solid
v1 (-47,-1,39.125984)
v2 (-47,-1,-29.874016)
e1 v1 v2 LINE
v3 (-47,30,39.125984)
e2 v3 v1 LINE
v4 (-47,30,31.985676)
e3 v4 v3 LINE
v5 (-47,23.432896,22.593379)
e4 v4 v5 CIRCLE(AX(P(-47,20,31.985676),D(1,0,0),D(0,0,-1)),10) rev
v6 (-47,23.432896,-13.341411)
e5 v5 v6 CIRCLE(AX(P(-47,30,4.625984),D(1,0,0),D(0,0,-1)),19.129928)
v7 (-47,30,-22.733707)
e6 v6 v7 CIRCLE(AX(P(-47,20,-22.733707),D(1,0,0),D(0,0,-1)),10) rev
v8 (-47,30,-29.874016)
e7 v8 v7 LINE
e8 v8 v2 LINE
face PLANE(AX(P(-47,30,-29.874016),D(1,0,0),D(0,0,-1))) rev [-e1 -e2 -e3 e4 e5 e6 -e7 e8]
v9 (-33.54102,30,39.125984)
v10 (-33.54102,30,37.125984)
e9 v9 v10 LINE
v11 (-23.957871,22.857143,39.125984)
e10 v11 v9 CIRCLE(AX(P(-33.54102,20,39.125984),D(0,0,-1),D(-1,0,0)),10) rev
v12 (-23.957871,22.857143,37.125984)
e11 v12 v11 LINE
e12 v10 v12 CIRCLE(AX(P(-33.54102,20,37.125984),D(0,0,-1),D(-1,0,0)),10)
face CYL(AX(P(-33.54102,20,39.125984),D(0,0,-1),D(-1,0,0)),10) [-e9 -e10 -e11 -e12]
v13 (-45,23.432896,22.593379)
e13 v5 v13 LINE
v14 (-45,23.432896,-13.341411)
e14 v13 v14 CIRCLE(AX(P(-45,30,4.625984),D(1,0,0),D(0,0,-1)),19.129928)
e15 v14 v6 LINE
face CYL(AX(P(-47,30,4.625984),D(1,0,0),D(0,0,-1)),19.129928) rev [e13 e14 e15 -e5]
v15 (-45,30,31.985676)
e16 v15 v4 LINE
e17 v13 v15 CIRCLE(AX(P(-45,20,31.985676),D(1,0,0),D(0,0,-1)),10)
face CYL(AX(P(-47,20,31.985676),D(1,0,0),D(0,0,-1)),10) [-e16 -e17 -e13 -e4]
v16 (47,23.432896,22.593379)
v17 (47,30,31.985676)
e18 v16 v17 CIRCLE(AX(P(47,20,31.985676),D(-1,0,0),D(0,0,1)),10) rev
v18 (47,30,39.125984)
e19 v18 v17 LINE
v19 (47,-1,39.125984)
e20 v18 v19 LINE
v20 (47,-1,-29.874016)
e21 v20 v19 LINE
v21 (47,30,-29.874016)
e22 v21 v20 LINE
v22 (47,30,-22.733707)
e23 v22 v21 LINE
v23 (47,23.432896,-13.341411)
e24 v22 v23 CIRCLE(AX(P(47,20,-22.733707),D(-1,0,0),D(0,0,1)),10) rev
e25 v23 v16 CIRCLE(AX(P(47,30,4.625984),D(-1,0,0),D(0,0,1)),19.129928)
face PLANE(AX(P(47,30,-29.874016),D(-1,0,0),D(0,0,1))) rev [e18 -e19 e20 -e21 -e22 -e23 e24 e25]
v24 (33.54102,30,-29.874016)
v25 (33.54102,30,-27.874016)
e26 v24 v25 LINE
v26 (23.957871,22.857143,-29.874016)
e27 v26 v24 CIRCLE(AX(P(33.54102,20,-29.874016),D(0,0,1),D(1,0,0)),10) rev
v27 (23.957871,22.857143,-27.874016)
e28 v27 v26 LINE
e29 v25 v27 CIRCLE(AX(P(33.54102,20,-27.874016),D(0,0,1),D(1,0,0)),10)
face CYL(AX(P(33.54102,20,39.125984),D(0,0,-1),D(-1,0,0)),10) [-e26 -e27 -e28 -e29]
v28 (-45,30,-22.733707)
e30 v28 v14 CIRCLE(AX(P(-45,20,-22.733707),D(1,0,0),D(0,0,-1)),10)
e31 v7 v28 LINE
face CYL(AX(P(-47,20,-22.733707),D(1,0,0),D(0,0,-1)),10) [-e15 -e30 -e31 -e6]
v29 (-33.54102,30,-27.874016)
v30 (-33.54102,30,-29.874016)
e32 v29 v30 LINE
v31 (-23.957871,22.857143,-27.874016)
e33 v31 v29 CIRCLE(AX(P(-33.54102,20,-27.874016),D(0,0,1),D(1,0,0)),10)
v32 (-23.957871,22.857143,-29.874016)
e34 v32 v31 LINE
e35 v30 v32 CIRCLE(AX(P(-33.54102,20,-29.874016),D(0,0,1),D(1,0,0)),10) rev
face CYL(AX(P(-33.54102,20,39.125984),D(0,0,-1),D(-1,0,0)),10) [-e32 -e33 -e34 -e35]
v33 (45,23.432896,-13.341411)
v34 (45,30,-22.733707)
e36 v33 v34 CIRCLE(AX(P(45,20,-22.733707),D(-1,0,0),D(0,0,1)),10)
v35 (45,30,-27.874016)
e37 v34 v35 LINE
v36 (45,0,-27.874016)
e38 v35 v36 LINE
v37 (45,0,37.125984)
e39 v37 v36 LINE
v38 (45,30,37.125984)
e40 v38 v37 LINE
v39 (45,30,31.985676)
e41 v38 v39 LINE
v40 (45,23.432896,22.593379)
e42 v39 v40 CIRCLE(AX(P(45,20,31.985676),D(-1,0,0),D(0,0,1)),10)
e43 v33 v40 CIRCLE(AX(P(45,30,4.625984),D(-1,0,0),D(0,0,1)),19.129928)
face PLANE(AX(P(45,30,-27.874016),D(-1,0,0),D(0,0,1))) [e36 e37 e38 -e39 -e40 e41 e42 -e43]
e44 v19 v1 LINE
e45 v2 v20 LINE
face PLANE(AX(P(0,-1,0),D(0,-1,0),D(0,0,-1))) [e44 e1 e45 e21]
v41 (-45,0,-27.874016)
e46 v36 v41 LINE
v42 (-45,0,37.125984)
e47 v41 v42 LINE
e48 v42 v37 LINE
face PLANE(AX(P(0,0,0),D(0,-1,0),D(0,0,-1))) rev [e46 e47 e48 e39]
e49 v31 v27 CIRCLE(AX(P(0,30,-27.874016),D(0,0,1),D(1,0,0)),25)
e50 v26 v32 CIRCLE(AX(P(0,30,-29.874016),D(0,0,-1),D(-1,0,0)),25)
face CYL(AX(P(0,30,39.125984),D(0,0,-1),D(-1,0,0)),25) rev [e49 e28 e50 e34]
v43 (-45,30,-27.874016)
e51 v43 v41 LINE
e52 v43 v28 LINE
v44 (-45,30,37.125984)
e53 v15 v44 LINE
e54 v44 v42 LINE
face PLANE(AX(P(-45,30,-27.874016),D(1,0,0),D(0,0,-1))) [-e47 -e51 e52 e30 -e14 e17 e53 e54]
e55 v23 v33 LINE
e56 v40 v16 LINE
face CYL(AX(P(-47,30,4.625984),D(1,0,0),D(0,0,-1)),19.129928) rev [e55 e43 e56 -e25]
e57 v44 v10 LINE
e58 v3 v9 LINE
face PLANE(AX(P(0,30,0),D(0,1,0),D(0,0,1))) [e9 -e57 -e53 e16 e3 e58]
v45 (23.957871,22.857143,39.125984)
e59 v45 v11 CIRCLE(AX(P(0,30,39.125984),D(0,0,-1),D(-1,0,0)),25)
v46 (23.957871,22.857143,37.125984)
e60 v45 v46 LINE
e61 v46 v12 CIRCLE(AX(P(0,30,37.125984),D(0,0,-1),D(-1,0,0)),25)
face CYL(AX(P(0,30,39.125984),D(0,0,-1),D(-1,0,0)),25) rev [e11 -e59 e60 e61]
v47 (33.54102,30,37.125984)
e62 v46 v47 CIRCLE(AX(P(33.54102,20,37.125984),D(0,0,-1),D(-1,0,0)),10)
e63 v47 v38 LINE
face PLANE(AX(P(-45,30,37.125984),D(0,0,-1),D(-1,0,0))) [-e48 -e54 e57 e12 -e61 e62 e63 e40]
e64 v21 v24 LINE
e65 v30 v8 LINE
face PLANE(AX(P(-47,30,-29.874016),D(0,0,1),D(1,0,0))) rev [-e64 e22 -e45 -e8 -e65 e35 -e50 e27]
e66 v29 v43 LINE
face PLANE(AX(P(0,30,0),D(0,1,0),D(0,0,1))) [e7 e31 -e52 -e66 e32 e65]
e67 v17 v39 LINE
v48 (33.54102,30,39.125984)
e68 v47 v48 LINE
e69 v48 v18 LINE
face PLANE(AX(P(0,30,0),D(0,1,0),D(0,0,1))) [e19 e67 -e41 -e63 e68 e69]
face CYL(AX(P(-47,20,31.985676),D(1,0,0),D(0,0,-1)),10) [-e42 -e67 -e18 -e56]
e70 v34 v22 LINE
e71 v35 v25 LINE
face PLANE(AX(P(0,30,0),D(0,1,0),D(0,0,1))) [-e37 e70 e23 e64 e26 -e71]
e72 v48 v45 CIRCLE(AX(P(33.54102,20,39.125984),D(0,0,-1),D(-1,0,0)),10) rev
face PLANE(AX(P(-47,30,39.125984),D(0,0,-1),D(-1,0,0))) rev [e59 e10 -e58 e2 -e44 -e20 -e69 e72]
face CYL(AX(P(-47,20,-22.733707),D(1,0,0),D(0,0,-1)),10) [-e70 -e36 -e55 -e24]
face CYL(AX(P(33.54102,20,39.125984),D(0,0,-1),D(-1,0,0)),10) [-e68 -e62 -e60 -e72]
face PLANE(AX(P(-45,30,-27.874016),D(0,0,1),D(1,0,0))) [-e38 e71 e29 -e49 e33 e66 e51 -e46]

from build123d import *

# Parameters (mm, degrees)
SKETCH3_W               = 94
SKETCH3_H               = 69
SKETCH3_W_2             = 90
SKETCH3_H_2             = 65
BOSS_EXTRUDE3_DEPTH     = 30
SKETCH4_W               = 94
SKETCH4_H               = 69
BOSS_EXTRUDE4_DEPTH     = 1
SKETCH5_R               = 19.129928065
CUT_EXTRUDE1_DEPTH      = 1
CUT_EXTRUDE1_DEPTH_BACK = 95
FILLET1_R               = 10
SKETCH6_R               = 25
CUT_EXTRUDE2_DEPTH      = 1
CUT_EXTRUDE2_DEPTH_BACK = 70
FILLET2_R               = 10


with BuildPart() as part:
    # Sketch3 → Boss-Extrude3 (new body)
    with BuildSketch(Plane(origin=(0, 0, 0), x_dir=(1, 0, 0), z_dir=(0, 1, 0))):
        with Locations((0, -4.625984252)):
            Rectangle(SKETCH3_W, SKETCH3_H)
        with Locations((0, -4.625984252)):
            Rectangle(SKETCH3_W_2, SKETCH3_H_2, mode=Mode.SUBTRACT)
    extrude(amount=BOSS_EXTRUDE3_DEPTH)

    # Sketch4 → Boss-Extrude4 (add)
    with BuildSketch(Plane.XZ):
        with Locations((0, 4.625984252)):
            Rectangle(SKETCH4_W, SKETCH4_H)
    extrude(amount=BOSS_EXTRUDE4_DEPTH)

    # Sketch5 → Cut-Extrude1 (cut, two sides)
    with BuildSketch(Plane(origin=(47, 0, 0), x_dir=(0, 0, -1), z_dir=(1, 0, 0))) as cut_extrude1_sk:
        with Locations((-4.625984252, 30)):
            Circle(SKETCH5_R)
    extrude(amount=CUT_EXTRUDE1_DEPTH, mode=Mode.SUBTRACT)
    extrude(cut_extrude1_sk.sketch, amount=-CUT_EXTRUDE1_DEPTH_BACK, mode=Mode.SUBTRACT)

    # Fillet1
    fillet1_edges = [part.edges().sort_by_distance(p)[0] for p in [
        (46, 30, -14.503943813),
        (46, 30, 23.755912317),
        (-46, 30, 23.755912317),
        (-46, 30, -14.503943813),
    ]]
    fillet(fillet1_edges, radius=FILLET1_R)

    # Sketch6 → Cut-Extrude2 (cut, two sides)
    with BuildSketch(Plane(origin=(0, 0, -29.874015748), x_dir=(-1, 0, 0), z_dir=(0, 0, -1))) as cut_extrude2_sk:
        with Locations((0, 30)):
            Circle(SKETCH6_R)
    extrude(amount=CUT_EXTRUDE2_DEPTH, mode=Mode.SUBTRACT)
    extrude(cut_extrude2_sk.sketch, amount=-CUT_EXTRUDE2_DEPTH_BACK, mode=Mode.SUBTRACT)

    # Fillet2
    fillet2_edges = [part.edges().sort_by_distance(p)[0] for p in [
        (25, 30, -28.874015748),
        (-25, 30, -28.874015748),
        (25, 30, 38.125984252),
        (-25, 30, 38.125984252),
    ]]
    fillet(fillet2_edges, radius=FILLET2_R)


solid = part.part
